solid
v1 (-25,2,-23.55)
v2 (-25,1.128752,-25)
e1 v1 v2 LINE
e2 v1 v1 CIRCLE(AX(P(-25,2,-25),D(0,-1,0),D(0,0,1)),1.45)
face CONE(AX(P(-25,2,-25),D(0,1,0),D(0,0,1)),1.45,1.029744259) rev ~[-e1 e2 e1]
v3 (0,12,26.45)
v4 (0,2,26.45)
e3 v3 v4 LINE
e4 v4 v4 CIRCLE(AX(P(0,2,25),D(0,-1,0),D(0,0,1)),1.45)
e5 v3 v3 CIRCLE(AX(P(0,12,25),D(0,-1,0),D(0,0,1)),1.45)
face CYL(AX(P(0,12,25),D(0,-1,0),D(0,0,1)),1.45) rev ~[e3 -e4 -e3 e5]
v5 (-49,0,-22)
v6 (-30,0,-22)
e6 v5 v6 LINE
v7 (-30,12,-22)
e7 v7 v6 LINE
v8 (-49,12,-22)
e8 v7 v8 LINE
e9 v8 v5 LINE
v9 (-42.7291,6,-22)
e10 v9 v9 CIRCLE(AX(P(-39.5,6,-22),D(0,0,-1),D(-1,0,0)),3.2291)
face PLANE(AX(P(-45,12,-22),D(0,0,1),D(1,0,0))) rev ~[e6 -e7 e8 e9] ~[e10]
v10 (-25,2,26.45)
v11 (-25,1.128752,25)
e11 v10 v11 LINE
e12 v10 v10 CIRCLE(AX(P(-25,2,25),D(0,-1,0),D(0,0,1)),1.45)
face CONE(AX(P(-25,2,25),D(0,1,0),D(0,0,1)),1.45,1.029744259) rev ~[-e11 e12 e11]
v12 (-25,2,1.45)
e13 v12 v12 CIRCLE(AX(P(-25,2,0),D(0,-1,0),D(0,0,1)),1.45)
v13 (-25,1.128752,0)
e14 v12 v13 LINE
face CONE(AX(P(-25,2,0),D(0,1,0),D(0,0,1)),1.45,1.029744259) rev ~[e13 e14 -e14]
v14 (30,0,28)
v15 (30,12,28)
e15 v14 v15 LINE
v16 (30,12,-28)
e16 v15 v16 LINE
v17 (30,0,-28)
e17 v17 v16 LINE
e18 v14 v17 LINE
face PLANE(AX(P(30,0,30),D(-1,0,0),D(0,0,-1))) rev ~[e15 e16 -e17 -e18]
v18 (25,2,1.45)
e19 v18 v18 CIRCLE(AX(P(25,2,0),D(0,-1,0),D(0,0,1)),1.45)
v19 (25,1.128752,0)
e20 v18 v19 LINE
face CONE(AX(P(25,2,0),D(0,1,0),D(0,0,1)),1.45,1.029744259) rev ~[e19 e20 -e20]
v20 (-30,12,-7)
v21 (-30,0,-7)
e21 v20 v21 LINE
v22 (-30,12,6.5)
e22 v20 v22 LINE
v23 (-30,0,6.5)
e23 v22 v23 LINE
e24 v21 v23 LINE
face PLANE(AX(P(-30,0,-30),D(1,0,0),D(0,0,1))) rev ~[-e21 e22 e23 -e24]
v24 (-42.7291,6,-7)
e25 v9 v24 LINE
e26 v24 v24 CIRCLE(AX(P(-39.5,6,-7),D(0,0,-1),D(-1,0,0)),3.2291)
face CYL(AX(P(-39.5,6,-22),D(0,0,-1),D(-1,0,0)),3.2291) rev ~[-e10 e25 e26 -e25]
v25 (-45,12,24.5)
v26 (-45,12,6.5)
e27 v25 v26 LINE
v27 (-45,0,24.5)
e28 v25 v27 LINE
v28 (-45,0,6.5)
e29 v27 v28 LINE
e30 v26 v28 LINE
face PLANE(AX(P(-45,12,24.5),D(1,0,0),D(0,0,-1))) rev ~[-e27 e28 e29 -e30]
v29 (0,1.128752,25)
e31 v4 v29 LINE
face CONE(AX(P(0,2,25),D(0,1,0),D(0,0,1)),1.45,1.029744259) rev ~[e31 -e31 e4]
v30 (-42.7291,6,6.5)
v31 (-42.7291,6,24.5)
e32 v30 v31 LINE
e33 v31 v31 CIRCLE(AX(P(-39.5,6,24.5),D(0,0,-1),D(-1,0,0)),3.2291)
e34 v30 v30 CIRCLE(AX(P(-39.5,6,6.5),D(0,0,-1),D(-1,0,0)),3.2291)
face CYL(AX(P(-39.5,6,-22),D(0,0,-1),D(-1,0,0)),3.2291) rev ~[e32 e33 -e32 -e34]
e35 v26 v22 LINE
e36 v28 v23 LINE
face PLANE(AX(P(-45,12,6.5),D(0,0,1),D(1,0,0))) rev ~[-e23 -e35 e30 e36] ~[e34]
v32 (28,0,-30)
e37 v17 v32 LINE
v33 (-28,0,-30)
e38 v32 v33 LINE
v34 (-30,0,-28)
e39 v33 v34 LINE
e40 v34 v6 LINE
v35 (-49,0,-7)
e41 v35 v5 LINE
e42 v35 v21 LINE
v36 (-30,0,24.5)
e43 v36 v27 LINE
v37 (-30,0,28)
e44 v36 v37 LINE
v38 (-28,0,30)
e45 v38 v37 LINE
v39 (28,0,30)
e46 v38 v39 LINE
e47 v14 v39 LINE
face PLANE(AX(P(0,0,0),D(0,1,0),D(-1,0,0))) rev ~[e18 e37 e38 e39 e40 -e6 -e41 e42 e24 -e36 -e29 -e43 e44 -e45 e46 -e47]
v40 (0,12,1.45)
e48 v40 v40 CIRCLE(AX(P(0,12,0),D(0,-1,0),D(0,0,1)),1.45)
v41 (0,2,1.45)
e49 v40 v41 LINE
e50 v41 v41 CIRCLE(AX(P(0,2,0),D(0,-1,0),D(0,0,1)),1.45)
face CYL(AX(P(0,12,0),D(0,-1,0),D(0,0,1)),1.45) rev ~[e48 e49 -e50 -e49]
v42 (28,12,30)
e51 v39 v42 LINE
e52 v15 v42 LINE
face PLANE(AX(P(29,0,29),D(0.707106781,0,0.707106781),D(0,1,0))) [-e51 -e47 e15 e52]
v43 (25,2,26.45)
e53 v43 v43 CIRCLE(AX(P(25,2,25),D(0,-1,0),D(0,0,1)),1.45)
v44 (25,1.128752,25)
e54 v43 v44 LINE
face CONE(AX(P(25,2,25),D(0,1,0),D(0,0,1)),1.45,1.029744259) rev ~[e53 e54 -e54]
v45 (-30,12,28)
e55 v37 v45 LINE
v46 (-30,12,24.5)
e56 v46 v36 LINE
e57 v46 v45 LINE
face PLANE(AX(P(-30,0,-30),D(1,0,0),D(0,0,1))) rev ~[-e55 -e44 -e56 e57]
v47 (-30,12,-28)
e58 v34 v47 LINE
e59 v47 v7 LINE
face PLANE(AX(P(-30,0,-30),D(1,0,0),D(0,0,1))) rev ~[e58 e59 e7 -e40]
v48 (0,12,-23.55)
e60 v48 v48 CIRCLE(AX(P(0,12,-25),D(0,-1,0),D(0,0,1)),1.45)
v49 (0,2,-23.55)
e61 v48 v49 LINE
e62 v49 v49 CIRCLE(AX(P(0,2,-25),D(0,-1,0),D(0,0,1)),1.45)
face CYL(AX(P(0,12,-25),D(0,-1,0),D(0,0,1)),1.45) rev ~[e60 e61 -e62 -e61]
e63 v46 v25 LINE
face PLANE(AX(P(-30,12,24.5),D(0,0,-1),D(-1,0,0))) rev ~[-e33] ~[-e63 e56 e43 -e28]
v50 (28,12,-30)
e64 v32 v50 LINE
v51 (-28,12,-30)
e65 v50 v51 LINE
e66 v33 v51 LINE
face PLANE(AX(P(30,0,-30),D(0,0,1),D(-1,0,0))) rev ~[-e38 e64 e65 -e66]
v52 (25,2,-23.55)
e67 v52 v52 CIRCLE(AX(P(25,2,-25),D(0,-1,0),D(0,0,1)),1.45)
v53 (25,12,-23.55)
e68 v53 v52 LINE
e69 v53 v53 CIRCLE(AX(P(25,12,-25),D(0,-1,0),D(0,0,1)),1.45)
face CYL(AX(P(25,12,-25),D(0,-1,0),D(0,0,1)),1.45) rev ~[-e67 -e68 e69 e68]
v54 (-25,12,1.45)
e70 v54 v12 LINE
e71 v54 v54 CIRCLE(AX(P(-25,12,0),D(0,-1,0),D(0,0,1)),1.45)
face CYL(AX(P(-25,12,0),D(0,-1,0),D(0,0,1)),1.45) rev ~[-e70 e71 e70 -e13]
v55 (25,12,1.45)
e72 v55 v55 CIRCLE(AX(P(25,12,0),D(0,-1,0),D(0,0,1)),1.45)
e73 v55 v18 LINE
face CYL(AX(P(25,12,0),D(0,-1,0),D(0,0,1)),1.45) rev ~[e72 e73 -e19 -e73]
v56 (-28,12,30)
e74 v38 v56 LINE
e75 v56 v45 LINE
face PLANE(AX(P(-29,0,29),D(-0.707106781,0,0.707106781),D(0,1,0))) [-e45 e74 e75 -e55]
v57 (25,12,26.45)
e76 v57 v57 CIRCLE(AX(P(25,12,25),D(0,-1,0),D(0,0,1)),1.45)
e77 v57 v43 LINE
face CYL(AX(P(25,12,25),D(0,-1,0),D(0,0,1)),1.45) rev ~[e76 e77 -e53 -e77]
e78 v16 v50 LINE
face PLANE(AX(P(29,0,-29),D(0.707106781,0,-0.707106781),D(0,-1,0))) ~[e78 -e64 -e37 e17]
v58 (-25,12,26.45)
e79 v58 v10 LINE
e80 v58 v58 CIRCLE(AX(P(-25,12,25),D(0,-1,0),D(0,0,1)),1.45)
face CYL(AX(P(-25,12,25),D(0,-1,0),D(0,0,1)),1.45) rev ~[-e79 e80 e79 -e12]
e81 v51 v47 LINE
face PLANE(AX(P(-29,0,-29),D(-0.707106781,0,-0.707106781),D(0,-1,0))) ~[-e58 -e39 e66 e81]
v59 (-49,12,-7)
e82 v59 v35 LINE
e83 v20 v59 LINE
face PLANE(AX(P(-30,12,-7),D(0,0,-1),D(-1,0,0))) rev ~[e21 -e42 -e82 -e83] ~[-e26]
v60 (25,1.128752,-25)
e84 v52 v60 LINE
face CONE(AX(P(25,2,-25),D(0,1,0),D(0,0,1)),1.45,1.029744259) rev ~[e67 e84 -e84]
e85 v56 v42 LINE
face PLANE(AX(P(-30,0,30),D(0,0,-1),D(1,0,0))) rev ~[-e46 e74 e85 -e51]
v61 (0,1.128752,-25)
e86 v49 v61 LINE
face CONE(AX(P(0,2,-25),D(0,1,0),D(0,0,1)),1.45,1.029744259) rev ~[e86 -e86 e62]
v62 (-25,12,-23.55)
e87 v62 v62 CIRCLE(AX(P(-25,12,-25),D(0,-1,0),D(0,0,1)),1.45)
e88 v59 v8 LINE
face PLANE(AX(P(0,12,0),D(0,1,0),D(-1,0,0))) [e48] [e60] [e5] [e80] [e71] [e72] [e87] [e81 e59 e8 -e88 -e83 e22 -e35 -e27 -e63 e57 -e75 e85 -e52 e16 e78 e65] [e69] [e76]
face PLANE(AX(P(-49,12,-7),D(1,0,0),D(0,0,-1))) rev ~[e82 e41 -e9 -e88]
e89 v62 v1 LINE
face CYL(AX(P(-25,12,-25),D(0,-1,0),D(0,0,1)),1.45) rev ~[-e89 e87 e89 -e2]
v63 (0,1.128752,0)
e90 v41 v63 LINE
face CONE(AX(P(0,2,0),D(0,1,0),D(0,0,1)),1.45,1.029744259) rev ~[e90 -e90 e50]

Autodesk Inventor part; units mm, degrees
ref_plane "YZ Plane" through (0, 0, 0) normal (1, 0, 0) x (0, 1, 0)
ref_plane "XZ Plane" through (0, 0, 0) normal (0, 1, 0) x (-1, 0, 0)
sketch "Sketch1" plane through (0, 0, 0) normal (0, 1, 0) x (-1, 0, 0)
  line L0 (-30, -30) -> (30, -30)
  line L1 (30, -30) -> (30, 30)
  line L2 (30, 30) -> (-30, 30)
  line L3 (-30, 30) -> (-30, -30)
  line L4 (-30, -30) -> (30, 30) construction
  line L5 (30, -30) -> (-30, 30) construction
  circle A0 centre (0, 0) radius 7.5
  dimension "d0" = 60
  dimension "d1" = 60
  dimension "d13" = 15
extrude "Extrusion1" add sketch "Sketch1" along normal blind 12 contours L3 L2 L1 L0 | A0
sketch "Sketch2" plane through (0, 12, 0) normal (0, 1, 0) x (1, 0, 0)
  line L0 (30, 30) -> (-30, 30) projected
  line L1 (-30, 30) -> (-30, -30) projected
  line L2 (-30, -30) -> (30, -30) projected
  line L3 (30, -30) -> (30, 30) projected
  line L4 (25, -25) -> (-25, -25)
  line L5 (-25, -25) -> (-25, 25)
  line L6 (-25, 25) -> (25, 25)
  line L7 (25, 25) -> (25, -25)
  line L8 (25, -25) -> (-25, 25) construction
  line L9 (-25, -25) -> (25, 25) construction
  line L10 (0, -25) -> (0, 25)
  line L11 (-25, 0) -> (25, 0)
  point P0 (0, 0)
  point P1 (0, 0)
  dimension "d4" = 50
  dimension "d5" = 50
hole "Hole1" at (-25, 12, 25) at (-25, 12, -25) at (25, 12, -25) at (25, 12, 25) at (0, 12, 25) at (0, 12, 0) at (-25, 12, 0) at (0, 12, -25) at (25, 12, 0) direction (0, -1, 0) diameter 2.9 depth 10 tip angle 118
chamfer "Chamfer1" distance 2 angle 45 4 edges at (30, 6, 30) (30, 6, -30) (-30, 6, -30) (-30, 6, 30)
sketch "Sketch3" plane through (0, 12, 0) normal (0, 1, 0) x (1, 0, 0)
  line L0 (-28, -30) -> (-30, -28) projected
  line L1 (-28, -30) -> (28, -30) projected
  line L2 (30, -28) -> (28, -30) projected
  line L3 (30, -28) -> (30, 28) projected
  line L4 (28, 30) -> (30, 28) projected
  line L5 (28, 30) -> (-28, 30) projected
  line L6 (-30, 28) -> (-28, 30) projected
  line L7 (-30, 28) -> (-30, -28) projected
  circle A0 centre (0, 25) radius 1.45 projected
  circle A1 centre (0, 0) radius 1.45 projected
  circle A2 centre (25, -25) radius 1.45 projected
  circle A3 centre (-25, 25) radius 1.45 projected
  circle A4 centre (-25, -25) radius 1.45 projected
  circle A5 centre (25, 25) radius 1.45 projected
  circle A6 centre (0, -25) radius 1.45 projected
  circle A7 centre (-25, 0) radius 1.45 projected
  circle A8 centre (25, 0) radius 1.45 projected
  line L8 (-30, 28) -> (-30, -28) projected
  line L9 (-30, -24.5) -> (-45, -24.5)
  line L10 (-45, -24.5) -> (-45, -6.5)
  line L11 (-45, -6.5) -> (-30, -6.5)
  line L12 (-30, -6.5) -> (-30, -24.5)
  line L13 (-30, 7) -> (-45, 7)
  line L14 (-45, 7) -> (-45, 22)
  line L15 (-45, 22) -> (-30, 22)
  line L16 (-30, 22) -> (-30, 7)
  line L17 (-45, 7) -> (-49, 7)
  line L18 (-49, 7) -> (-49, 22)
  line L19 (-49, 22) -> (-45, 22)
  line L20 (-45, 22) -> (-45, 7)
  dimension "d17" = 15
  dimension "d18" = 18
  dimension "d19" = 5.5
  dimension "d20" = 15
  dimension "d21" = 8
  dimension "d22" = 19
ref_plane "Work Plane1" through (-30, 0, -30) normal (0, 1, 0) x (0, 0, 1)
extrude "Extrusion2" add sketch "Sketch3" against normal up to surface (12 mm away) contours L9 L10 L11 L7 | L13 L14 L15 L7 | L17 L18 L19 L14
sketch "Sketch4" plane through (-30, 12, -22) normal (0, 0, -1) x (-1, 0, 0)
  line L0 (15, 0) -> (15, -12) projected
  line L1 (19, -12) -> (0, -12) projected
  line L2 (19, 0) -> (19, -12) projected
  line L3 (0, 0) -> (19, 0) projected
  line L4 (0, -12) -> (0, 0) projected
  circle A0 centre (9.5, -6) radius 3.2291
  point P0 (-30, -12)
extrude "Extrusion3" cut sketch "Sketch4" against normal through all contours A0
properties part number "00_XY_stage-CHUO_SEIKI_LD-647-R1-Top"
